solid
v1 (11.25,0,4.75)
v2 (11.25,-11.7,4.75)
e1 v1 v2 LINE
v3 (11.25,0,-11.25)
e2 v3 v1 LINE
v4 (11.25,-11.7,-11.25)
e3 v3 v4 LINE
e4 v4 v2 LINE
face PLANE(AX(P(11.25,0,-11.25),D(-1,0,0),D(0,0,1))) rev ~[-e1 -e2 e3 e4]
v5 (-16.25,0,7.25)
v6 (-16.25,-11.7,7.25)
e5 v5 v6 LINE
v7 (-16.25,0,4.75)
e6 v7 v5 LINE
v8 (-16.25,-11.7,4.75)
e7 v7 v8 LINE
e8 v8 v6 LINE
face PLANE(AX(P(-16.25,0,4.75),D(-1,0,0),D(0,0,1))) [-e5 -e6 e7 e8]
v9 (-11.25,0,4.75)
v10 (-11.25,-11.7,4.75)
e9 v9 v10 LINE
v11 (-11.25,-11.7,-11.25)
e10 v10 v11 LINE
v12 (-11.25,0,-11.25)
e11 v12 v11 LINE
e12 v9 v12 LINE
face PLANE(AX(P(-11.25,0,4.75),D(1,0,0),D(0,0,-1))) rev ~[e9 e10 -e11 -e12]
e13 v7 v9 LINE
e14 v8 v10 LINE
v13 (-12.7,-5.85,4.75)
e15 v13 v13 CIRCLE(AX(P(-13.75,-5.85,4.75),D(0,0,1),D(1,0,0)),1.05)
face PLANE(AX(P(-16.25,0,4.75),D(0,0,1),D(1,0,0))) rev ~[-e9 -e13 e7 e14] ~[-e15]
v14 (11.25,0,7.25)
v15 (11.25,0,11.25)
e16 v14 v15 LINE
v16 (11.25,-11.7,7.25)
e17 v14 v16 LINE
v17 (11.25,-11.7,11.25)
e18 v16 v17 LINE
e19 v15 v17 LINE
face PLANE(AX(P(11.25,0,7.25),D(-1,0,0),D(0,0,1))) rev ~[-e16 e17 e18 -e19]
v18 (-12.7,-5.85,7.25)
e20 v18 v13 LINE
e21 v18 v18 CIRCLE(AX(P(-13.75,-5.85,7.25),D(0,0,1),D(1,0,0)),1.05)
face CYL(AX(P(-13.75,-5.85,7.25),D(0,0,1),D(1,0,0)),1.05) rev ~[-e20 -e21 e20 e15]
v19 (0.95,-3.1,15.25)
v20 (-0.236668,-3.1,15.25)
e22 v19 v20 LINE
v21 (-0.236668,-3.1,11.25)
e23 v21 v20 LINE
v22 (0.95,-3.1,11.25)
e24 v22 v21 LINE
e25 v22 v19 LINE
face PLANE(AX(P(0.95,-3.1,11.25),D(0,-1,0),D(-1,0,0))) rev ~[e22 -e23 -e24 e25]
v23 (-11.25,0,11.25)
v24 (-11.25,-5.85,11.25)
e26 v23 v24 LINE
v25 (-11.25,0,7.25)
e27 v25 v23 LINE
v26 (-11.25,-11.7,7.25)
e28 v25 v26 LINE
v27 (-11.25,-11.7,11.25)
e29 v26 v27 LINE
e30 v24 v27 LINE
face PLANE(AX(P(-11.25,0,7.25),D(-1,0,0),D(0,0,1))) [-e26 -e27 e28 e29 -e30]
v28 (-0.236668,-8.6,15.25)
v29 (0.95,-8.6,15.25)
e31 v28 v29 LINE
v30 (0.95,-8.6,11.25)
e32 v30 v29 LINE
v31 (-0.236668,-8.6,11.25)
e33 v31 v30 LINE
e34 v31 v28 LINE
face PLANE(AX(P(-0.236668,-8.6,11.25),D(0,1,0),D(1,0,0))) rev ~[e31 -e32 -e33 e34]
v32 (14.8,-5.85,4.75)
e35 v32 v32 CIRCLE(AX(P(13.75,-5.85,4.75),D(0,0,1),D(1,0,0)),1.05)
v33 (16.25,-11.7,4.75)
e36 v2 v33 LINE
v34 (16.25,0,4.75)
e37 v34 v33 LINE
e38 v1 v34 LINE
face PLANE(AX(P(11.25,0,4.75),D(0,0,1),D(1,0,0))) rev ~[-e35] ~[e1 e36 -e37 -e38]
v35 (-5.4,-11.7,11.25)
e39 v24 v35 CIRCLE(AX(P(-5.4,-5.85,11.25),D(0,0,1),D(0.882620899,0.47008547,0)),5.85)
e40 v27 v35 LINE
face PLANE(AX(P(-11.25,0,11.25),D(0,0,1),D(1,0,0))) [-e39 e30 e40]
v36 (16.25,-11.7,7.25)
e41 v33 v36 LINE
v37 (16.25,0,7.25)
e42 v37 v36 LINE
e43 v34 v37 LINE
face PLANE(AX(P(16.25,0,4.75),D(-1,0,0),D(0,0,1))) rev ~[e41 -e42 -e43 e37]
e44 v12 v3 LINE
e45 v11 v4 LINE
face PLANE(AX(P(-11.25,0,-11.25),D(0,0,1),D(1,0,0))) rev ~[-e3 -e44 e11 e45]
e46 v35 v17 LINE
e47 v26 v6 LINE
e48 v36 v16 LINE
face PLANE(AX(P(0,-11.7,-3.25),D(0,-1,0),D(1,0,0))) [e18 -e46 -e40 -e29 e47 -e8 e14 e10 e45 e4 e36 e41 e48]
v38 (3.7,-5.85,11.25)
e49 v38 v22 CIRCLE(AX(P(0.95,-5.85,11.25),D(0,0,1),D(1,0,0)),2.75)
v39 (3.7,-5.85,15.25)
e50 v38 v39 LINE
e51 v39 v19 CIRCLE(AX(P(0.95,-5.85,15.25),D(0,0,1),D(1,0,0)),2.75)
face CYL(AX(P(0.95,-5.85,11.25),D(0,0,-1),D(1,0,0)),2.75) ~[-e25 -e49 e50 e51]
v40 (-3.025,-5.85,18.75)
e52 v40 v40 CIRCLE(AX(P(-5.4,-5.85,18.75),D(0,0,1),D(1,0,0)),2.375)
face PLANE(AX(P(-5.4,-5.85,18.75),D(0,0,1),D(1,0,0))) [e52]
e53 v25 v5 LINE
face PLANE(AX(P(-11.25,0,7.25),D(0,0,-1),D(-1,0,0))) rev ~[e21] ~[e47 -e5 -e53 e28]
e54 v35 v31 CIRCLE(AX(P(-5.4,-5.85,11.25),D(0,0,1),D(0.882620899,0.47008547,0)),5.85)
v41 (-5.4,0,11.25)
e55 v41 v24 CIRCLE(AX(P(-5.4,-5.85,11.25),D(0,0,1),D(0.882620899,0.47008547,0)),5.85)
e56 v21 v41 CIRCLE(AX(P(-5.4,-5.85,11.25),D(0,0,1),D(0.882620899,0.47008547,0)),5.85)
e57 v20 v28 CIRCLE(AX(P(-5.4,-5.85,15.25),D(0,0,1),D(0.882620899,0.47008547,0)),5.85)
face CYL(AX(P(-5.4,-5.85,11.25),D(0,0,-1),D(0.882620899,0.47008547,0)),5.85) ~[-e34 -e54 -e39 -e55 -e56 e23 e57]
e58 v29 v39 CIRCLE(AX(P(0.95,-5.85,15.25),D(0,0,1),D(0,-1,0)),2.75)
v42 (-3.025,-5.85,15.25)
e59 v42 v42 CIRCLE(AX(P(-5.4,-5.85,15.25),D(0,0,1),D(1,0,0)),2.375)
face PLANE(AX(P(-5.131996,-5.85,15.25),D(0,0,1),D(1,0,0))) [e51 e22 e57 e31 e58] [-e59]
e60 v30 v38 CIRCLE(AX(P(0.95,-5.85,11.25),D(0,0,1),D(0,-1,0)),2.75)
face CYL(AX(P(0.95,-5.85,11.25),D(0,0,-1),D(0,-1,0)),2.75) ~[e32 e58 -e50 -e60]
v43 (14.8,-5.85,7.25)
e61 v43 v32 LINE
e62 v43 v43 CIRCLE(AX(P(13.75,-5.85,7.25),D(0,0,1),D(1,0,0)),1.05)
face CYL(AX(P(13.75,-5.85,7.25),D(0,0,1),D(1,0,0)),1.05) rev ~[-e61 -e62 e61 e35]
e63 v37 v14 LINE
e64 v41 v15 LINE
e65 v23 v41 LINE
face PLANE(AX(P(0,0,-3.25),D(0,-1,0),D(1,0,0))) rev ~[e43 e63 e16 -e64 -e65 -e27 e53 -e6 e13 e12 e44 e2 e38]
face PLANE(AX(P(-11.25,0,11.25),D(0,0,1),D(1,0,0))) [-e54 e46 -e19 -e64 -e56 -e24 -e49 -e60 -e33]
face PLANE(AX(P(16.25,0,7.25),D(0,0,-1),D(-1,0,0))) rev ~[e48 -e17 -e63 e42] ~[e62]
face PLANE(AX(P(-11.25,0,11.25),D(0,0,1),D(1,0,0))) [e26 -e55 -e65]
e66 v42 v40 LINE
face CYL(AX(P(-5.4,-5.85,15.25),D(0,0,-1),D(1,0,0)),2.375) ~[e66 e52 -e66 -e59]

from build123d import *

# Parameters (mm, degrees)
F0_W     = 22.5
F0_H     = 16
F0_H_2   = 2.5
F0_W_2   = 5
F0_H_3   = 4
F1_DEPTH = 11.7
F3_DEPTH = 4
F4_R     = 1.05
F5_DEPTH = 25
F6_R     = 2.375
F7_DEPTH = 3.5


with BuildPart() as f1:
    # F0 (on Front) → F1 (new body)
    with BuildSketch(Plane.XZ):
        with Locations((0, -3.25)):
            Rectangle(F0_W, F0_H)
        with Locations((0, 6)):
            Rectangle(F0_W, F0_H_2)
        with Locations((13.75, 6)):
            Rectangle(F0_W_2, F0_H_2)
        with Locations((-13.75, 6)):
            Rectangle(F0_W_2, F0_H_2)
        with Locations((0, 9.25)):
            Rectangle(F0_W, F0_H_3)
    extrude(amount=F1_DEPTH)

    # F2 (on face) → F3 (join)
    with BuildSketch(Plane.XY.offset(11.25)):
        with BuildLine():
            ThreePointArc((-0.1257874016, -3.3191540018), (-0.1800773211, -3.2089950347), (-0.2366677426, -3.1))
            ThreePointArc((-0.2366677426, -3.1), (-11.25, -5.85), (-0.2366677426, -8.6))
            ThreePointArc((-0.2366677426, -8.6), (-0.1800773211, -8.4910049653), (-0.1257874016, -8.3808459982))
            ThreePointArc((-0.1257874016, -8.3808459982), (-1.8, -5.85), (-0.1257874016, -3.3191540018))
        make_face()
        with BuildLine():
            Line((0.95, -3.1), (-0.2366677426, -3.1))
            ThreePointArc((-0.2366677426, -3.1), (-0.1800773211, -3.2089950347), (-0.1257874016, -3.3191540018))
            ThreePointArc((-0.1257874016, -3.3191540018), (0.4010585163, -3.1553454308), (0.95, -3.1))
        make_face()
        with BuildLine():
            ThreePointArc((-0.1257874016, -8.3808459982), (-0.1800773211, -8.4910049653), (-0.2366677426, -8.6))
            Line((-0.2366677426, -8.6), (0.95, -8.6))
            ThreePointArc((0.95, -8.6), (0.4010585163, -8.5446545692), (-0.1257874016, -8.3808459982))
        make_face()
        with BuildLine():
            ThreePointArc((0.95, -3.1), (0.4010585163, -3.1553454308), (-0.1257874016, -3.3191540018))
            ThreePointArc((-0.1257874016, -3.3191540018), (0.3042371839, -4.552241105), (0.45, -5.85))
            ThreePointArc((0.45, -5.85), (0.3042371839, -7.147758895), (-0.1257874016, -8.3808459982))
            ThreePointArc((-0.1257874016, -8.3808459982), (0.4010585163, -8.5446545692), (0.95, -8.6))
            ThreePointArc((0.95, -8.6), (2.8945436483, -7.7945436483), (3.7, -5.85))
            ThreePointArc((3.7, -5.85), (2.8945436483, -3.9054563517), (0.95, -3.1))
        make_face()
        with BuildLine():
            ThreePointArc((-0.1257874016, -8.3808459982), (0.3042371839, -7.147758895), (0.45, -5.85))
            ThreePointArc((0.45, -5.85), (0.3042371839, -4.552241105), (-0.1257874016, -3.3191540018))
            ThreePointArc((-0.1257874016, -3.3191540018), (-1.8, -5.85), (-0.1257874016, -8.3808459982))
        make_face()
    extrude(amount=F3_DEPTH)

    # F4 (on face) → F5 (cut)
    with BuildSketch(Plane.XY.offset(7.25)):
        with Locations((-13.75, -5.85)):
            Circle(F4_R)
        with Locations((13.75, -5.85)):
            Circle(F4_R)
    extrude(amount=-F5_DEPTH, mode=Mode.SUBTRACT)

    # F6 (on face) → F7 (join)
    with BuildSketch(Plane.XY.offset(15.25)):
        with Locations((-5.4, -5.85)):
            Circle(F6_R)
    extrude(amount=F7_DEPTH)


solid = f1.part
